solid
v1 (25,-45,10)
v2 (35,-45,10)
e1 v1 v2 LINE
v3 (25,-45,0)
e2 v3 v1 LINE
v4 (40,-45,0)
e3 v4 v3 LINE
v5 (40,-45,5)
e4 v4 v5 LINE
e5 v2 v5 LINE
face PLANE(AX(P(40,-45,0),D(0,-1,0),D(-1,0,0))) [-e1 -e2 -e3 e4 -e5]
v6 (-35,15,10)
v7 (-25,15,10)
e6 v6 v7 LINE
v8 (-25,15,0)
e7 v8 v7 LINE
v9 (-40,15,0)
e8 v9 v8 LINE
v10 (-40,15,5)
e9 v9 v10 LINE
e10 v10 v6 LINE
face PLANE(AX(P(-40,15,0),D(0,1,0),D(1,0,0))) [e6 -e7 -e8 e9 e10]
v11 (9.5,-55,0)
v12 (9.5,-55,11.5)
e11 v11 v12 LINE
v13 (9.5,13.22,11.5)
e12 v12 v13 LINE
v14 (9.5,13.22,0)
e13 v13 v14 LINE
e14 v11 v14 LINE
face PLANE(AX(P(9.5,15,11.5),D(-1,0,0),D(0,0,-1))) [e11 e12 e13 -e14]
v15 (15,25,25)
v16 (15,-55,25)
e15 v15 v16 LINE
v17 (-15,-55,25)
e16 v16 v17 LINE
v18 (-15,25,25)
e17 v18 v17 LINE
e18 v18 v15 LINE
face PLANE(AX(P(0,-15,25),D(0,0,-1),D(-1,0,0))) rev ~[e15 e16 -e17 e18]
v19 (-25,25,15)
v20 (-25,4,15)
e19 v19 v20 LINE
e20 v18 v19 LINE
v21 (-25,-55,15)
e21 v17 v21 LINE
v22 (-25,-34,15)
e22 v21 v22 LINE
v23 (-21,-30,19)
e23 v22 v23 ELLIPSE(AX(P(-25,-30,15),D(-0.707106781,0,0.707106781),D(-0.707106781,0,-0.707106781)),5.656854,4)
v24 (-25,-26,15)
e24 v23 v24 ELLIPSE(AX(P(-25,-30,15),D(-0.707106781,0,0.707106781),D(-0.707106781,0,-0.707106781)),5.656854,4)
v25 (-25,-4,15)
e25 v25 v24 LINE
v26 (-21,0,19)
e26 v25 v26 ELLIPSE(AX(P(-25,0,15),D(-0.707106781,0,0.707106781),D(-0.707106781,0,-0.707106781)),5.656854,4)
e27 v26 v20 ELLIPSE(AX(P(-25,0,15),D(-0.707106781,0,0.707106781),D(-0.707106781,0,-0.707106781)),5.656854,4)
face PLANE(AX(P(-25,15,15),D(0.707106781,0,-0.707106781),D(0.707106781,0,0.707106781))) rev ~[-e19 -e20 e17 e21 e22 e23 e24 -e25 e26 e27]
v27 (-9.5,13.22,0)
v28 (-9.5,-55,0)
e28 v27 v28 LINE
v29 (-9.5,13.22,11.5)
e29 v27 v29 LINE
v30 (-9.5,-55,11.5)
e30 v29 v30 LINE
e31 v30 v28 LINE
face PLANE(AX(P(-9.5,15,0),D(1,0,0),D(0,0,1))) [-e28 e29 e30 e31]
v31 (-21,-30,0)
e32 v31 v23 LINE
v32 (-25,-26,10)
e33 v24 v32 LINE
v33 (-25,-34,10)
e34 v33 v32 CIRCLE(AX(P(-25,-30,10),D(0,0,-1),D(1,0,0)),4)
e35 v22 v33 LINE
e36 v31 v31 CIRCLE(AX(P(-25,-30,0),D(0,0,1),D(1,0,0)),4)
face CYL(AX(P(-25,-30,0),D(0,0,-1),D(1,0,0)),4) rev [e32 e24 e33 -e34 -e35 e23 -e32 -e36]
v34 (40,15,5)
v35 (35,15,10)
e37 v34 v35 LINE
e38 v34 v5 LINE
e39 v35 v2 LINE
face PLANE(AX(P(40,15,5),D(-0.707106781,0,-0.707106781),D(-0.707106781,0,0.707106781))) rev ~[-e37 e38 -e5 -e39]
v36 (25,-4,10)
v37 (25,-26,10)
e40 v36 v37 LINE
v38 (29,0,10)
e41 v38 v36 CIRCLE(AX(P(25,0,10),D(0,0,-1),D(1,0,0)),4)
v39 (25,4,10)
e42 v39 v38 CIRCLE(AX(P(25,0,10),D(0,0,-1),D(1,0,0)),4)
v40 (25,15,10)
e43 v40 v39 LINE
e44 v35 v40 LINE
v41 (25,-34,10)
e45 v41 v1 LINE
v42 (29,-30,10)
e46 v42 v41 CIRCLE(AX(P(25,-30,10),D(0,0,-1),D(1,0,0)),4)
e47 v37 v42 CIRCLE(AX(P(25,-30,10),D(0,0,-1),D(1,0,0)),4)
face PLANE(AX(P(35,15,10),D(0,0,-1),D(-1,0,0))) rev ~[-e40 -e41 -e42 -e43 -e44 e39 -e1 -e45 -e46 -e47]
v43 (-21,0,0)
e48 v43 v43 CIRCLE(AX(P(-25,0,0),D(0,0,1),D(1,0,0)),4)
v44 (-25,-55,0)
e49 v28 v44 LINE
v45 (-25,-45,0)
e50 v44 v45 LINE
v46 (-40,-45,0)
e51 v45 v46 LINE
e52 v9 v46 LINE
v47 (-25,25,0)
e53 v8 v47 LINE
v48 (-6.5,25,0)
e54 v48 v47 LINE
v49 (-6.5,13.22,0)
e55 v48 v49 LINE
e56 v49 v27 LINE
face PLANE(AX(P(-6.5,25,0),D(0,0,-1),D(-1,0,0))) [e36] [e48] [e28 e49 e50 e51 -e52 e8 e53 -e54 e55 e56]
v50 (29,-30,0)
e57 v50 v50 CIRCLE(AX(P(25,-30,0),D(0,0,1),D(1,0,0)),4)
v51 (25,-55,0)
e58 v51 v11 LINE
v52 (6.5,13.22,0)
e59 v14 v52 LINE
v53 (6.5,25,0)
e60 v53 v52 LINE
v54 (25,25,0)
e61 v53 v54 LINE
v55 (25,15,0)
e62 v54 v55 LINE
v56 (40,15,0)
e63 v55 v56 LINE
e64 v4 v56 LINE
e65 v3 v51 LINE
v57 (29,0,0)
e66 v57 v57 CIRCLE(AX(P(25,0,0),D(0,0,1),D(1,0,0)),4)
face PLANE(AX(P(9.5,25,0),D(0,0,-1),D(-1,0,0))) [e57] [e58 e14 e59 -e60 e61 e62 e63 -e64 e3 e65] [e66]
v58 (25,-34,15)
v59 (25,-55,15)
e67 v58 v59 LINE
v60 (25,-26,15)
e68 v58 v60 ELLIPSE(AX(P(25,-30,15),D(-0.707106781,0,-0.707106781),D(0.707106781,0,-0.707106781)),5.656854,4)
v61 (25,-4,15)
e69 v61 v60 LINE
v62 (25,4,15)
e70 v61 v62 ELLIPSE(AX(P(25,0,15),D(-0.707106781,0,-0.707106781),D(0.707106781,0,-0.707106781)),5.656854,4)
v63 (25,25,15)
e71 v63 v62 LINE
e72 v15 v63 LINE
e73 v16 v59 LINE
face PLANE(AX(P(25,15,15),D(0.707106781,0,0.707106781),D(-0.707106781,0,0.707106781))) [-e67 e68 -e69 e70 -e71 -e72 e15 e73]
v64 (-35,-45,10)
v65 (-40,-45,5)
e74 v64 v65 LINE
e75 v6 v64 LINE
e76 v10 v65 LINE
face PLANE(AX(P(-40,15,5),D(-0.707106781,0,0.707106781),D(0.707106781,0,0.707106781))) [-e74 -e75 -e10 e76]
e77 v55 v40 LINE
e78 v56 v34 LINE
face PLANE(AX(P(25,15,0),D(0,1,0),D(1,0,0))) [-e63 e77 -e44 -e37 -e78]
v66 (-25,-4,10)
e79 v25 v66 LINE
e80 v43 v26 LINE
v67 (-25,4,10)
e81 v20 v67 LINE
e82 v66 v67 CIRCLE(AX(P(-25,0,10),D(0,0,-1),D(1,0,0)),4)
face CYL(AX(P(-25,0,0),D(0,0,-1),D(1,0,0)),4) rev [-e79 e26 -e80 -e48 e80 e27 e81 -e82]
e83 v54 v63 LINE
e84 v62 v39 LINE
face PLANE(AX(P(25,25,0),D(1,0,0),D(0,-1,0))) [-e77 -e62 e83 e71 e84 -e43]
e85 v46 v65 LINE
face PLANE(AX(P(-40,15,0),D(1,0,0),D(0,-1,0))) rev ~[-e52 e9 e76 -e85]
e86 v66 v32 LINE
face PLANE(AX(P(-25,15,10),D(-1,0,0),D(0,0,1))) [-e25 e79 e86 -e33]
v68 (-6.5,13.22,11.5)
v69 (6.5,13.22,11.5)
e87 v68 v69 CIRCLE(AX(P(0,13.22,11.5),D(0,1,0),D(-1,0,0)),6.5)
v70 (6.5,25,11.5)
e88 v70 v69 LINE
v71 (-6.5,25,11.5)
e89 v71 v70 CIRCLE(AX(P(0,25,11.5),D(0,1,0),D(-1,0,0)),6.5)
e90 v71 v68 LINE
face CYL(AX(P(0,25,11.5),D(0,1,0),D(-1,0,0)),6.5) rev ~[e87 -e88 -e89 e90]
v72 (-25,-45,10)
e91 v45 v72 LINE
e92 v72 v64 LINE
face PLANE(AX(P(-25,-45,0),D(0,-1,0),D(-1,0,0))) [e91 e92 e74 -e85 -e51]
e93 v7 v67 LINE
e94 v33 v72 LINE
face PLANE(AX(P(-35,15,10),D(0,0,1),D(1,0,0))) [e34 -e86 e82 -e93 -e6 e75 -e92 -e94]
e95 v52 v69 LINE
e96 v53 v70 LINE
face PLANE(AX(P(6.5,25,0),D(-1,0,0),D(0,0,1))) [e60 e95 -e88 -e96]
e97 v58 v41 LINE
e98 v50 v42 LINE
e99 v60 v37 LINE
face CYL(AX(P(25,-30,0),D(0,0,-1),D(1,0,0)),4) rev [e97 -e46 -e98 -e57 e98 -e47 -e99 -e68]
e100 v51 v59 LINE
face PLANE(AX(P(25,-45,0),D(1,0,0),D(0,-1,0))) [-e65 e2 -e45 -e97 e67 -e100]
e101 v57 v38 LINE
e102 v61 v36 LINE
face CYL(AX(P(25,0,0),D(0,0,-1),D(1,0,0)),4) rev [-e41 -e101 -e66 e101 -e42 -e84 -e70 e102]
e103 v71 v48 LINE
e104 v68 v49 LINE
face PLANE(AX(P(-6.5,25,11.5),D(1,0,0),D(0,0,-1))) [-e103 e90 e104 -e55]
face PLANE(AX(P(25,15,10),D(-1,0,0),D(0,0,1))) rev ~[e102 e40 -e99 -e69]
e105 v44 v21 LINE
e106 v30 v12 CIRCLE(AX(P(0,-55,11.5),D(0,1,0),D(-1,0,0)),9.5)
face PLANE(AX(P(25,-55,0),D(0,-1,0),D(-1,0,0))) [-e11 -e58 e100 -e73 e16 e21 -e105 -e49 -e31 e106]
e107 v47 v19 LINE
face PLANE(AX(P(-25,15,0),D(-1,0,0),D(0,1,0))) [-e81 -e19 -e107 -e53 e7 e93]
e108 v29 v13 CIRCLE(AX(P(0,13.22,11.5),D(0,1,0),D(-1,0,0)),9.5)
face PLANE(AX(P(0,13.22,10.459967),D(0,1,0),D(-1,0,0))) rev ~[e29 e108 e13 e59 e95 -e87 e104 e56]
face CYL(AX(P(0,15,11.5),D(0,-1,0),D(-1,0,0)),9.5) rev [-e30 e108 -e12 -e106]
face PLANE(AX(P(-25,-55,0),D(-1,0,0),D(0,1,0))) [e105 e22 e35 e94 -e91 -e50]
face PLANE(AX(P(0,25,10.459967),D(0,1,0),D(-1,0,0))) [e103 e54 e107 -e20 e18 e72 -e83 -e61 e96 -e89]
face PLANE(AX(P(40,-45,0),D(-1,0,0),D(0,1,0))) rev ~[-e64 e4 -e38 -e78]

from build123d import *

# Parameters (mm, degrees)
SKETCH_R          = 4
PAD_DEPTH         = 25
POCKET_DEPTH      = 70.001
POCKET_DEPTH_BACK = 10.001
PAD001_DEPTH      = 11.78


with BuildPart() as part:
    # Sketch → Pad (new body)
    with BuildSketch(Plane.XY):
        Polygon((40, 15), (40, -15), (40, -45), (25, -45), (25, -55), (-25, -55), (-25, -45), (-40, -45), (-40, -15), (-40, 15), (-25, 15), (-25, 25), (25, 25), (25, 15), align=None)
        with Locations((-25, 0)):
            Circle(SKETCH_R, mode=Mode.SUBTRACT)
        with Locations((25, 0)):
            Circle(SKETCH_R, mode=Mode.SUBTRACT)
        with Locations((-25, -30)):
            Circle(SKETCH_R, mode=Mode.SUBTRACT)
        with Locations((25, -30)):
            Circle(SKETCH_R, mode=Mode.SUBTRACT)
    extrude(amount=PAD_DEPTH)

    # Sketch001 → Pocket (cut, two sides)
    with BuildSketch(Plane(origin=(0, 15, 0), x_dir=(-1, 0, 0), z_dir=(0, 1, 0))) as pocket_sk:
        with BuildLine():
            ThreePointArc((9.5, 11.5), (0, 21), (-9.5, 11.5))
            Line((-9.5, 11.5), (-9.5, 0))
            Line((-9.5, 0), (0, 0))
            Line((0, 0), (9.5, 0))
            Line((9.5, 0), (9.5, 11.5))
        make_face()
        Polygon((-40, 5), (-35, 10), (-25, 10), (-25, 15), (-15, 25), (-40, 25), align=None)
        Polygon((40, 5), (35, 10), (25, 10), (25, 15), (15, 25), (40, 25), align=None)
    extrude(amount=-POCKET_DEPTH, mode=Mode.SUBTRACT)
    extrude(pocket_sk.sketch, amount=POCKET_DEPTH_BACK, mode=Mode.SUBTRACT)

    # Sketch002 → Pad001 (new body)
    with BuildSketch(Plane(origin=(0, 25, 0), x_dir=(-1, 0, 0), z_dir=(0, 1, 0))):
        with BuildLine():
            Line((-9.5, 0), (-6.5, 0))
            Line((-6.5, 0), (-6.5, 11.5))
            ThreePointArc((6.5, 11.5), (0, 18), (-6.5, 11.5))
            Line((6.5, 11.5), (6.5, 0))
            Line((6.5, 0), (9.5, 0))
            Line((9.5, 0), (9.5, 11.5))
            ThreePointArc((9.5, 11.5), (0, 21), (-9.5, 11.5))
            Line((-9.5, 11.5), (-9.5, 0))
        make_face()
    extrude(amount=-PAD001_DEPTH)


solid = part.part
